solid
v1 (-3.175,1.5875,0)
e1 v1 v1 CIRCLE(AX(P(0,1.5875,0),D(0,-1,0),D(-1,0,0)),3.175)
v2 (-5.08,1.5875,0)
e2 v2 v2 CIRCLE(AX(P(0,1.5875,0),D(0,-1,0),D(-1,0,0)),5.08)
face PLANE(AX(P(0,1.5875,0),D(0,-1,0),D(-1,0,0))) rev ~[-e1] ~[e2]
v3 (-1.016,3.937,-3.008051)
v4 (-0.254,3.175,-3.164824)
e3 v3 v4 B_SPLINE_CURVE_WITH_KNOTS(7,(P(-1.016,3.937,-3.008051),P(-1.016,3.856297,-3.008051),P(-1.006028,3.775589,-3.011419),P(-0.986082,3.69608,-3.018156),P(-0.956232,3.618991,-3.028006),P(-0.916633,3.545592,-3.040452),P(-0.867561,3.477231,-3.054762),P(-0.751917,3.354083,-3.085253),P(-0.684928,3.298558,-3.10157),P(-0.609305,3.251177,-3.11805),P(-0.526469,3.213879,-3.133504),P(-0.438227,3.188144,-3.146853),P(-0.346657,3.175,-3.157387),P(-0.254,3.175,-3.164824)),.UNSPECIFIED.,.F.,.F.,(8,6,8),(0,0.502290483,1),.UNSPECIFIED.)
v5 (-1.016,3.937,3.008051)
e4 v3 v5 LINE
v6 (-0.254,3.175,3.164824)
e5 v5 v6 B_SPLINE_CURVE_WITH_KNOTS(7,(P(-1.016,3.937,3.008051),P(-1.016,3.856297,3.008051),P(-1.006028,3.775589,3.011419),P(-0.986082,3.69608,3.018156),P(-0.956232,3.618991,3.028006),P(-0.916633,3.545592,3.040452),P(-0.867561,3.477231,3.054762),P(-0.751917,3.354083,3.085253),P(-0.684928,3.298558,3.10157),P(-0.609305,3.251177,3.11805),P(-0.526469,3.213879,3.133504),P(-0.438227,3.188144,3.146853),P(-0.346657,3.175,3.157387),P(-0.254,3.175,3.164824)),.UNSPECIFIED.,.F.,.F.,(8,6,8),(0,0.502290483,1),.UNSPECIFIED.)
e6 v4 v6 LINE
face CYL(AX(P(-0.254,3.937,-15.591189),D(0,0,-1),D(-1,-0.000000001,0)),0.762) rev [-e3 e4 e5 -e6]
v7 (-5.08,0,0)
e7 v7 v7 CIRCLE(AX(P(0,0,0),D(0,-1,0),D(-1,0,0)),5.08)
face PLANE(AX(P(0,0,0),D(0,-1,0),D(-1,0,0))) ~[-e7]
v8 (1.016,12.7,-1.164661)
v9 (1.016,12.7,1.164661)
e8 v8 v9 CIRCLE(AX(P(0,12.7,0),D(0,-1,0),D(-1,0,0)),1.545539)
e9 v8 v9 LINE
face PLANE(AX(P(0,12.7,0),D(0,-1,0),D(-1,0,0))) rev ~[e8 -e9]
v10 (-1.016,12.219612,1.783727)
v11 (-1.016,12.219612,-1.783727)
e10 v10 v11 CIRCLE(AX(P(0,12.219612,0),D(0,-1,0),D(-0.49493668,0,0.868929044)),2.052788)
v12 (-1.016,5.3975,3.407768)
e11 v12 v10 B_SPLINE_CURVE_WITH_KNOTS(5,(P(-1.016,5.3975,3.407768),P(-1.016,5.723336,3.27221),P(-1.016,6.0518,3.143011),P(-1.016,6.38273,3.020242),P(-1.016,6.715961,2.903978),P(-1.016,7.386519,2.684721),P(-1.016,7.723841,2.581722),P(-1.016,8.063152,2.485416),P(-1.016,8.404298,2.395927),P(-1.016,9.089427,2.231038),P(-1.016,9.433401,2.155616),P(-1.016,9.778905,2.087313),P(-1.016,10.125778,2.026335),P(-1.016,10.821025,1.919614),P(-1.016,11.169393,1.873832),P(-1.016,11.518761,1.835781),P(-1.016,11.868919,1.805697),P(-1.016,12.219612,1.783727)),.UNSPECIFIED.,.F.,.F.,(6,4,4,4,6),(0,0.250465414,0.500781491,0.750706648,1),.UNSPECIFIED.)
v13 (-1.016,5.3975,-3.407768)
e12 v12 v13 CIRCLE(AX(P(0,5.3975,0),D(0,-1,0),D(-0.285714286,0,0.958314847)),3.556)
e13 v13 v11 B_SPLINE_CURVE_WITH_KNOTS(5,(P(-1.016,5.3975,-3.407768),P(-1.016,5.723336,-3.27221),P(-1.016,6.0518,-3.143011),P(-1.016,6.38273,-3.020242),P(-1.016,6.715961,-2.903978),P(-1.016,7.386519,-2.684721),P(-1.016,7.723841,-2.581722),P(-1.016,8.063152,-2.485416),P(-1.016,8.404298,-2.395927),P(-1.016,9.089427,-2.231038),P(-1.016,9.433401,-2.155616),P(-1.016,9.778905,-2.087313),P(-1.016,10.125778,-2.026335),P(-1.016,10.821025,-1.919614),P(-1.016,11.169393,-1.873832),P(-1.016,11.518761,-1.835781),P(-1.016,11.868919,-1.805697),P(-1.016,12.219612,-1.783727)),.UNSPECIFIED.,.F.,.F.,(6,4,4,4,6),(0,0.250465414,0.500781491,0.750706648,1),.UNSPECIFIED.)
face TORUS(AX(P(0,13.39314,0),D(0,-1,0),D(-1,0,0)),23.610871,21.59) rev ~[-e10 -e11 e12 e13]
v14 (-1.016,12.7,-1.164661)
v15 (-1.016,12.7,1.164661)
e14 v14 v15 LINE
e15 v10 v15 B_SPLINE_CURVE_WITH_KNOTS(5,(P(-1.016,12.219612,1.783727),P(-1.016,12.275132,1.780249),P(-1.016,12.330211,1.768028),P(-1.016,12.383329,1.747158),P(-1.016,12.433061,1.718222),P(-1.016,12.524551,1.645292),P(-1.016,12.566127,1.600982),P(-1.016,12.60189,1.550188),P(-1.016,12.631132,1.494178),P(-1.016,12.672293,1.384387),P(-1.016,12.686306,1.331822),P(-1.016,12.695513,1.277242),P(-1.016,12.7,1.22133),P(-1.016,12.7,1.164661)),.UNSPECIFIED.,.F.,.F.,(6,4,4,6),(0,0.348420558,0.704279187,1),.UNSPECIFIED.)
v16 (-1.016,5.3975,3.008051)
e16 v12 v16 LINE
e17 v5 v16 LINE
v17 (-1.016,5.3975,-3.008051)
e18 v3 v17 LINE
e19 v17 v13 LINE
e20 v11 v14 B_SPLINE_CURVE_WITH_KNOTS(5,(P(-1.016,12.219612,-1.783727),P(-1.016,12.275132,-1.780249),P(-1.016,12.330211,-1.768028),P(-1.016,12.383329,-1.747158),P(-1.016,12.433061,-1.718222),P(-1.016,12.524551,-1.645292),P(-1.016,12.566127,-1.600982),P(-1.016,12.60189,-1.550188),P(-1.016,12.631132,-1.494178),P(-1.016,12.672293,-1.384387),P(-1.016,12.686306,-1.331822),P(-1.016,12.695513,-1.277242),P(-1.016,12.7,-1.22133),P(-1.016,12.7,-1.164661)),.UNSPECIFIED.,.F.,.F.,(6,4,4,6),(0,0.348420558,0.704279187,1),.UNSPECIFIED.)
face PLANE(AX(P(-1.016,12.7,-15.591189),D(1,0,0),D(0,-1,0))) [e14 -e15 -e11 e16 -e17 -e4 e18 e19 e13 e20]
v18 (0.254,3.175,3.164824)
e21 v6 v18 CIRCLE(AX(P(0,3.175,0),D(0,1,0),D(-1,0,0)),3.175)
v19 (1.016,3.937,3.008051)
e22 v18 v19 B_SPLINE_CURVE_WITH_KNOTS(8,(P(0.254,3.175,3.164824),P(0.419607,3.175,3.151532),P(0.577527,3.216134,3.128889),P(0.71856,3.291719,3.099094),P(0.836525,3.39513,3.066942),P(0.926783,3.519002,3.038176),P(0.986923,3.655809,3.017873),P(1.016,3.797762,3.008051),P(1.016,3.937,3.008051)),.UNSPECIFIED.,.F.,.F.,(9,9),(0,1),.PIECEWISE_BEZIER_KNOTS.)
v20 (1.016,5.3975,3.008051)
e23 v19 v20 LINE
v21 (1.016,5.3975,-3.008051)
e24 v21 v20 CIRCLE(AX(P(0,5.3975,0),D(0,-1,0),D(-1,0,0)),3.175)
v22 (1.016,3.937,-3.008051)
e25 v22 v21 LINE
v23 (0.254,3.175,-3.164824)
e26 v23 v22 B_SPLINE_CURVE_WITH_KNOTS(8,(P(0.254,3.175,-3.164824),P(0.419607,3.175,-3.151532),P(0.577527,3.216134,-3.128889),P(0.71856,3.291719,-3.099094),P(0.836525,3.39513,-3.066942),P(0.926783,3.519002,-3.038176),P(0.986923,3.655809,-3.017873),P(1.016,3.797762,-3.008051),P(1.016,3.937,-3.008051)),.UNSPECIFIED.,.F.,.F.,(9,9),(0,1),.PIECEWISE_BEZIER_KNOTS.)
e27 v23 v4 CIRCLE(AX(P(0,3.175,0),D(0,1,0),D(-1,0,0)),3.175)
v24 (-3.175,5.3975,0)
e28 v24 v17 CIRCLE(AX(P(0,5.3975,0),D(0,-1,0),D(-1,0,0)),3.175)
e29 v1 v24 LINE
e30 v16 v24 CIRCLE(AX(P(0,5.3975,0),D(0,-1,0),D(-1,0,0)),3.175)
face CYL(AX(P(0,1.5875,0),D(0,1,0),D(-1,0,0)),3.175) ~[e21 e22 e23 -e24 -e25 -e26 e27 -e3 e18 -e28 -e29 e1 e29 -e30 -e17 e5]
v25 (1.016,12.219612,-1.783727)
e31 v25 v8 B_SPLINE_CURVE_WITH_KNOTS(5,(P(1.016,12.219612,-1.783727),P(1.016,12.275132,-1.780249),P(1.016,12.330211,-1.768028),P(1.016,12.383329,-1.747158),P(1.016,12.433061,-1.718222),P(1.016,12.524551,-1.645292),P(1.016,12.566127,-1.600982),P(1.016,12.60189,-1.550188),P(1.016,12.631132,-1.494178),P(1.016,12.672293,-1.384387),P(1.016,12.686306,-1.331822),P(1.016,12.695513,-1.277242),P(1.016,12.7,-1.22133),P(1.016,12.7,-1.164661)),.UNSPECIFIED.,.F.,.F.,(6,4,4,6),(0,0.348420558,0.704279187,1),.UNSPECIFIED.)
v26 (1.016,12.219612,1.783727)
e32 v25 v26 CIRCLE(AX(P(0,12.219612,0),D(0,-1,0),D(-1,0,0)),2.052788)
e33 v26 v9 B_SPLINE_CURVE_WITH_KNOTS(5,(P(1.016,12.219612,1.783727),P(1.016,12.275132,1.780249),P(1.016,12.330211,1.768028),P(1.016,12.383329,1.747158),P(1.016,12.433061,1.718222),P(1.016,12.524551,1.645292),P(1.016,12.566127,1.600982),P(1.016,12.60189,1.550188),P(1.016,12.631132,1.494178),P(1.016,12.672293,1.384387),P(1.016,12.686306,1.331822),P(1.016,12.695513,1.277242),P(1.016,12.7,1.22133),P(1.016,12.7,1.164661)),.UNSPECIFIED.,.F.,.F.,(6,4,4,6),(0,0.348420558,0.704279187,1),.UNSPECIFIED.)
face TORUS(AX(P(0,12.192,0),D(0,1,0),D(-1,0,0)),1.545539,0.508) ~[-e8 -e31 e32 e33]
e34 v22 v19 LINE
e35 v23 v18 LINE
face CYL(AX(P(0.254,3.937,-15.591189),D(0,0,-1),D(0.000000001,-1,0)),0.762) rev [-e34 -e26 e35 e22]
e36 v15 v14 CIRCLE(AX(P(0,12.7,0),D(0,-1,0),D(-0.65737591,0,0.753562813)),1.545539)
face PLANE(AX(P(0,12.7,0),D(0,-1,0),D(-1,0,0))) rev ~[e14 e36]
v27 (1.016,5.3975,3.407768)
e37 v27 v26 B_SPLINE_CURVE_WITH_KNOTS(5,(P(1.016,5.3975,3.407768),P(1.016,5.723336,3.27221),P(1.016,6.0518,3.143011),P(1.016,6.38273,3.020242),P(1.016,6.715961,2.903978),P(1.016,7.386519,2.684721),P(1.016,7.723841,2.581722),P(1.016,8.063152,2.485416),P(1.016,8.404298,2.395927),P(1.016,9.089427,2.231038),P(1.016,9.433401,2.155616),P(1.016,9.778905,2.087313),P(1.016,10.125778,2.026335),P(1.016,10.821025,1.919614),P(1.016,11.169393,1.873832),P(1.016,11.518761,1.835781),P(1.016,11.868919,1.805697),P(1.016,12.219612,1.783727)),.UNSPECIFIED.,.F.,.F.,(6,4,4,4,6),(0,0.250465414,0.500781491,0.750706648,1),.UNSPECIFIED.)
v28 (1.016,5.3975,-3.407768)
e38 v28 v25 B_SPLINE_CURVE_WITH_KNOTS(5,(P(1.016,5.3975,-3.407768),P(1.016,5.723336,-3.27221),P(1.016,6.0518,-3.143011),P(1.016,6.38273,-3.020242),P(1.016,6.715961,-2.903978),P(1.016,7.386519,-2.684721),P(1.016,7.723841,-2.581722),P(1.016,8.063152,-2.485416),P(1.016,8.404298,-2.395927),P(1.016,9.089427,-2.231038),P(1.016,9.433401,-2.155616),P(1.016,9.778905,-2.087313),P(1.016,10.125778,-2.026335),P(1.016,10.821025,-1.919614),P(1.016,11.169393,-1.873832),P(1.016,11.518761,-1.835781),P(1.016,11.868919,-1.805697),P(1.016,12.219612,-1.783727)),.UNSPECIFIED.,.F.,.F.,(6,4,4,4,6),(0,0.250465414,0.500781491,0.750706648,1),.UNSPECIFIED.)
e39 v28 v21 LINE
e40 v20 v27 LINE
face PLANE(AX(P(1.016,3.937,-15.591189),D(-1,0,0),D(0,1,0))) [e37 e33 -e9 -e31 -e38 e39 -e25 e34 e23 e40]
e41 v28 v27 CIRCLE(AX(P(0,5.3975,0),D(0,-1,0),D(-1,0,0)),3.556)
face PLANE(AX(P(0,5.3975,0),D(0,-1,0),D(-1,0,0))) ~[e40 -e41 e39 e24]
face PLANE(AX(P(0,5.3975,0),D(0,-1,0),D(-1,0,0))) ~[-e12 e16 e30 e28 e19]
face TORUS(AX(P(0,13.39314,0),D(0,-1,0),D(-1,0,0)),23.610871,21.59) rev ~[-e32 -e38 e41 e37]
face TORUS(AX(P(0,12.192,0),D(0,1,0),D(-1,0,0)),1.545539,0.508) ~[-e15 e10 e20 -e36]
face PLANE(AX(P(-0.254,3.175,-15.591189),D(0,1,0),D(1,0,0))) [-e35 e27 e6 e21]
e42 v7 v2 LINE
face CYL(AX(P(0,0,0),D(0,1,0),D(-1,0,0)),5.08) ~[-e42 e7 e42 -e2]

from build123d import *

# Parameters (mm, degrees)
CUT_EXTRUDE1_DEPTH      = 15.591189122
CUT_EXTRUDE1_DEPTH_BACK = 15.591189122


with BuildPart() as part:
    # Sketch1 → Revolve1 (revolve)
    with BuildSketch(Plane.XY):
        with BuildLine():
            Line((0, 0), (-5.08, 0))
            Line((-5.08, 0), (-5.08, 1.5875))
            Line((-5.08, 1.5875), (-3.175, 1.5875))
            Line((-3.175, 1.5875), (-3.175, 5.3975))
            Line((-3.175, 5.3975), (-3.556, 5.3975))
            ThreePointArc((-3.556, 5.3975), (-2.52664009, 8.747354796), (-2.052787845, 12.219612423))
            ThreePointArc((-2.052787845, 12.219612423), (-1.894850225, 12.560843538), (-1.545538839, 12.7))
            Line((-1.545538839, 12.7), (0, 12.7))
            Line((0, 12.7), (0, 0))
        make_face()
    revolve(axis=Axis((0, 12.7, 0), (0, -1, 0)))

    # Sketch2 → Cut-Extrude1 (cut, two sides: drawn at the far end of the back side and taken through both)
    with BuildSketch(Plane.XY.offset(-CUT_EXTRUDE1_DEPTH_BACK)):
        with BuildLine():
            Line((-0.254, 3.175), (0.254, 3.175))
            ThreePointArc((0.254, 3.175), (0.792815367, 3.398184633), (1.016, 3.937))
            Line((1.016, 3.937), (1.016, 12.7))
            Line((1.016, 12.7), (-1.016, 12.7))
            Line((-1.016, 12.7), (-1.016, 3.937))
            ThreePointArc((-1.016, 3.937), (-0.792815367, 3.398184633), (-0.254, 3.175))
        make_face()
    extrude(amount=CUT_EXTRUDE1_DEPTH + CUT_EXTRUDE1_DEPTH_BACK, mode=Mode.SUBTRACT)


solid = part.part
